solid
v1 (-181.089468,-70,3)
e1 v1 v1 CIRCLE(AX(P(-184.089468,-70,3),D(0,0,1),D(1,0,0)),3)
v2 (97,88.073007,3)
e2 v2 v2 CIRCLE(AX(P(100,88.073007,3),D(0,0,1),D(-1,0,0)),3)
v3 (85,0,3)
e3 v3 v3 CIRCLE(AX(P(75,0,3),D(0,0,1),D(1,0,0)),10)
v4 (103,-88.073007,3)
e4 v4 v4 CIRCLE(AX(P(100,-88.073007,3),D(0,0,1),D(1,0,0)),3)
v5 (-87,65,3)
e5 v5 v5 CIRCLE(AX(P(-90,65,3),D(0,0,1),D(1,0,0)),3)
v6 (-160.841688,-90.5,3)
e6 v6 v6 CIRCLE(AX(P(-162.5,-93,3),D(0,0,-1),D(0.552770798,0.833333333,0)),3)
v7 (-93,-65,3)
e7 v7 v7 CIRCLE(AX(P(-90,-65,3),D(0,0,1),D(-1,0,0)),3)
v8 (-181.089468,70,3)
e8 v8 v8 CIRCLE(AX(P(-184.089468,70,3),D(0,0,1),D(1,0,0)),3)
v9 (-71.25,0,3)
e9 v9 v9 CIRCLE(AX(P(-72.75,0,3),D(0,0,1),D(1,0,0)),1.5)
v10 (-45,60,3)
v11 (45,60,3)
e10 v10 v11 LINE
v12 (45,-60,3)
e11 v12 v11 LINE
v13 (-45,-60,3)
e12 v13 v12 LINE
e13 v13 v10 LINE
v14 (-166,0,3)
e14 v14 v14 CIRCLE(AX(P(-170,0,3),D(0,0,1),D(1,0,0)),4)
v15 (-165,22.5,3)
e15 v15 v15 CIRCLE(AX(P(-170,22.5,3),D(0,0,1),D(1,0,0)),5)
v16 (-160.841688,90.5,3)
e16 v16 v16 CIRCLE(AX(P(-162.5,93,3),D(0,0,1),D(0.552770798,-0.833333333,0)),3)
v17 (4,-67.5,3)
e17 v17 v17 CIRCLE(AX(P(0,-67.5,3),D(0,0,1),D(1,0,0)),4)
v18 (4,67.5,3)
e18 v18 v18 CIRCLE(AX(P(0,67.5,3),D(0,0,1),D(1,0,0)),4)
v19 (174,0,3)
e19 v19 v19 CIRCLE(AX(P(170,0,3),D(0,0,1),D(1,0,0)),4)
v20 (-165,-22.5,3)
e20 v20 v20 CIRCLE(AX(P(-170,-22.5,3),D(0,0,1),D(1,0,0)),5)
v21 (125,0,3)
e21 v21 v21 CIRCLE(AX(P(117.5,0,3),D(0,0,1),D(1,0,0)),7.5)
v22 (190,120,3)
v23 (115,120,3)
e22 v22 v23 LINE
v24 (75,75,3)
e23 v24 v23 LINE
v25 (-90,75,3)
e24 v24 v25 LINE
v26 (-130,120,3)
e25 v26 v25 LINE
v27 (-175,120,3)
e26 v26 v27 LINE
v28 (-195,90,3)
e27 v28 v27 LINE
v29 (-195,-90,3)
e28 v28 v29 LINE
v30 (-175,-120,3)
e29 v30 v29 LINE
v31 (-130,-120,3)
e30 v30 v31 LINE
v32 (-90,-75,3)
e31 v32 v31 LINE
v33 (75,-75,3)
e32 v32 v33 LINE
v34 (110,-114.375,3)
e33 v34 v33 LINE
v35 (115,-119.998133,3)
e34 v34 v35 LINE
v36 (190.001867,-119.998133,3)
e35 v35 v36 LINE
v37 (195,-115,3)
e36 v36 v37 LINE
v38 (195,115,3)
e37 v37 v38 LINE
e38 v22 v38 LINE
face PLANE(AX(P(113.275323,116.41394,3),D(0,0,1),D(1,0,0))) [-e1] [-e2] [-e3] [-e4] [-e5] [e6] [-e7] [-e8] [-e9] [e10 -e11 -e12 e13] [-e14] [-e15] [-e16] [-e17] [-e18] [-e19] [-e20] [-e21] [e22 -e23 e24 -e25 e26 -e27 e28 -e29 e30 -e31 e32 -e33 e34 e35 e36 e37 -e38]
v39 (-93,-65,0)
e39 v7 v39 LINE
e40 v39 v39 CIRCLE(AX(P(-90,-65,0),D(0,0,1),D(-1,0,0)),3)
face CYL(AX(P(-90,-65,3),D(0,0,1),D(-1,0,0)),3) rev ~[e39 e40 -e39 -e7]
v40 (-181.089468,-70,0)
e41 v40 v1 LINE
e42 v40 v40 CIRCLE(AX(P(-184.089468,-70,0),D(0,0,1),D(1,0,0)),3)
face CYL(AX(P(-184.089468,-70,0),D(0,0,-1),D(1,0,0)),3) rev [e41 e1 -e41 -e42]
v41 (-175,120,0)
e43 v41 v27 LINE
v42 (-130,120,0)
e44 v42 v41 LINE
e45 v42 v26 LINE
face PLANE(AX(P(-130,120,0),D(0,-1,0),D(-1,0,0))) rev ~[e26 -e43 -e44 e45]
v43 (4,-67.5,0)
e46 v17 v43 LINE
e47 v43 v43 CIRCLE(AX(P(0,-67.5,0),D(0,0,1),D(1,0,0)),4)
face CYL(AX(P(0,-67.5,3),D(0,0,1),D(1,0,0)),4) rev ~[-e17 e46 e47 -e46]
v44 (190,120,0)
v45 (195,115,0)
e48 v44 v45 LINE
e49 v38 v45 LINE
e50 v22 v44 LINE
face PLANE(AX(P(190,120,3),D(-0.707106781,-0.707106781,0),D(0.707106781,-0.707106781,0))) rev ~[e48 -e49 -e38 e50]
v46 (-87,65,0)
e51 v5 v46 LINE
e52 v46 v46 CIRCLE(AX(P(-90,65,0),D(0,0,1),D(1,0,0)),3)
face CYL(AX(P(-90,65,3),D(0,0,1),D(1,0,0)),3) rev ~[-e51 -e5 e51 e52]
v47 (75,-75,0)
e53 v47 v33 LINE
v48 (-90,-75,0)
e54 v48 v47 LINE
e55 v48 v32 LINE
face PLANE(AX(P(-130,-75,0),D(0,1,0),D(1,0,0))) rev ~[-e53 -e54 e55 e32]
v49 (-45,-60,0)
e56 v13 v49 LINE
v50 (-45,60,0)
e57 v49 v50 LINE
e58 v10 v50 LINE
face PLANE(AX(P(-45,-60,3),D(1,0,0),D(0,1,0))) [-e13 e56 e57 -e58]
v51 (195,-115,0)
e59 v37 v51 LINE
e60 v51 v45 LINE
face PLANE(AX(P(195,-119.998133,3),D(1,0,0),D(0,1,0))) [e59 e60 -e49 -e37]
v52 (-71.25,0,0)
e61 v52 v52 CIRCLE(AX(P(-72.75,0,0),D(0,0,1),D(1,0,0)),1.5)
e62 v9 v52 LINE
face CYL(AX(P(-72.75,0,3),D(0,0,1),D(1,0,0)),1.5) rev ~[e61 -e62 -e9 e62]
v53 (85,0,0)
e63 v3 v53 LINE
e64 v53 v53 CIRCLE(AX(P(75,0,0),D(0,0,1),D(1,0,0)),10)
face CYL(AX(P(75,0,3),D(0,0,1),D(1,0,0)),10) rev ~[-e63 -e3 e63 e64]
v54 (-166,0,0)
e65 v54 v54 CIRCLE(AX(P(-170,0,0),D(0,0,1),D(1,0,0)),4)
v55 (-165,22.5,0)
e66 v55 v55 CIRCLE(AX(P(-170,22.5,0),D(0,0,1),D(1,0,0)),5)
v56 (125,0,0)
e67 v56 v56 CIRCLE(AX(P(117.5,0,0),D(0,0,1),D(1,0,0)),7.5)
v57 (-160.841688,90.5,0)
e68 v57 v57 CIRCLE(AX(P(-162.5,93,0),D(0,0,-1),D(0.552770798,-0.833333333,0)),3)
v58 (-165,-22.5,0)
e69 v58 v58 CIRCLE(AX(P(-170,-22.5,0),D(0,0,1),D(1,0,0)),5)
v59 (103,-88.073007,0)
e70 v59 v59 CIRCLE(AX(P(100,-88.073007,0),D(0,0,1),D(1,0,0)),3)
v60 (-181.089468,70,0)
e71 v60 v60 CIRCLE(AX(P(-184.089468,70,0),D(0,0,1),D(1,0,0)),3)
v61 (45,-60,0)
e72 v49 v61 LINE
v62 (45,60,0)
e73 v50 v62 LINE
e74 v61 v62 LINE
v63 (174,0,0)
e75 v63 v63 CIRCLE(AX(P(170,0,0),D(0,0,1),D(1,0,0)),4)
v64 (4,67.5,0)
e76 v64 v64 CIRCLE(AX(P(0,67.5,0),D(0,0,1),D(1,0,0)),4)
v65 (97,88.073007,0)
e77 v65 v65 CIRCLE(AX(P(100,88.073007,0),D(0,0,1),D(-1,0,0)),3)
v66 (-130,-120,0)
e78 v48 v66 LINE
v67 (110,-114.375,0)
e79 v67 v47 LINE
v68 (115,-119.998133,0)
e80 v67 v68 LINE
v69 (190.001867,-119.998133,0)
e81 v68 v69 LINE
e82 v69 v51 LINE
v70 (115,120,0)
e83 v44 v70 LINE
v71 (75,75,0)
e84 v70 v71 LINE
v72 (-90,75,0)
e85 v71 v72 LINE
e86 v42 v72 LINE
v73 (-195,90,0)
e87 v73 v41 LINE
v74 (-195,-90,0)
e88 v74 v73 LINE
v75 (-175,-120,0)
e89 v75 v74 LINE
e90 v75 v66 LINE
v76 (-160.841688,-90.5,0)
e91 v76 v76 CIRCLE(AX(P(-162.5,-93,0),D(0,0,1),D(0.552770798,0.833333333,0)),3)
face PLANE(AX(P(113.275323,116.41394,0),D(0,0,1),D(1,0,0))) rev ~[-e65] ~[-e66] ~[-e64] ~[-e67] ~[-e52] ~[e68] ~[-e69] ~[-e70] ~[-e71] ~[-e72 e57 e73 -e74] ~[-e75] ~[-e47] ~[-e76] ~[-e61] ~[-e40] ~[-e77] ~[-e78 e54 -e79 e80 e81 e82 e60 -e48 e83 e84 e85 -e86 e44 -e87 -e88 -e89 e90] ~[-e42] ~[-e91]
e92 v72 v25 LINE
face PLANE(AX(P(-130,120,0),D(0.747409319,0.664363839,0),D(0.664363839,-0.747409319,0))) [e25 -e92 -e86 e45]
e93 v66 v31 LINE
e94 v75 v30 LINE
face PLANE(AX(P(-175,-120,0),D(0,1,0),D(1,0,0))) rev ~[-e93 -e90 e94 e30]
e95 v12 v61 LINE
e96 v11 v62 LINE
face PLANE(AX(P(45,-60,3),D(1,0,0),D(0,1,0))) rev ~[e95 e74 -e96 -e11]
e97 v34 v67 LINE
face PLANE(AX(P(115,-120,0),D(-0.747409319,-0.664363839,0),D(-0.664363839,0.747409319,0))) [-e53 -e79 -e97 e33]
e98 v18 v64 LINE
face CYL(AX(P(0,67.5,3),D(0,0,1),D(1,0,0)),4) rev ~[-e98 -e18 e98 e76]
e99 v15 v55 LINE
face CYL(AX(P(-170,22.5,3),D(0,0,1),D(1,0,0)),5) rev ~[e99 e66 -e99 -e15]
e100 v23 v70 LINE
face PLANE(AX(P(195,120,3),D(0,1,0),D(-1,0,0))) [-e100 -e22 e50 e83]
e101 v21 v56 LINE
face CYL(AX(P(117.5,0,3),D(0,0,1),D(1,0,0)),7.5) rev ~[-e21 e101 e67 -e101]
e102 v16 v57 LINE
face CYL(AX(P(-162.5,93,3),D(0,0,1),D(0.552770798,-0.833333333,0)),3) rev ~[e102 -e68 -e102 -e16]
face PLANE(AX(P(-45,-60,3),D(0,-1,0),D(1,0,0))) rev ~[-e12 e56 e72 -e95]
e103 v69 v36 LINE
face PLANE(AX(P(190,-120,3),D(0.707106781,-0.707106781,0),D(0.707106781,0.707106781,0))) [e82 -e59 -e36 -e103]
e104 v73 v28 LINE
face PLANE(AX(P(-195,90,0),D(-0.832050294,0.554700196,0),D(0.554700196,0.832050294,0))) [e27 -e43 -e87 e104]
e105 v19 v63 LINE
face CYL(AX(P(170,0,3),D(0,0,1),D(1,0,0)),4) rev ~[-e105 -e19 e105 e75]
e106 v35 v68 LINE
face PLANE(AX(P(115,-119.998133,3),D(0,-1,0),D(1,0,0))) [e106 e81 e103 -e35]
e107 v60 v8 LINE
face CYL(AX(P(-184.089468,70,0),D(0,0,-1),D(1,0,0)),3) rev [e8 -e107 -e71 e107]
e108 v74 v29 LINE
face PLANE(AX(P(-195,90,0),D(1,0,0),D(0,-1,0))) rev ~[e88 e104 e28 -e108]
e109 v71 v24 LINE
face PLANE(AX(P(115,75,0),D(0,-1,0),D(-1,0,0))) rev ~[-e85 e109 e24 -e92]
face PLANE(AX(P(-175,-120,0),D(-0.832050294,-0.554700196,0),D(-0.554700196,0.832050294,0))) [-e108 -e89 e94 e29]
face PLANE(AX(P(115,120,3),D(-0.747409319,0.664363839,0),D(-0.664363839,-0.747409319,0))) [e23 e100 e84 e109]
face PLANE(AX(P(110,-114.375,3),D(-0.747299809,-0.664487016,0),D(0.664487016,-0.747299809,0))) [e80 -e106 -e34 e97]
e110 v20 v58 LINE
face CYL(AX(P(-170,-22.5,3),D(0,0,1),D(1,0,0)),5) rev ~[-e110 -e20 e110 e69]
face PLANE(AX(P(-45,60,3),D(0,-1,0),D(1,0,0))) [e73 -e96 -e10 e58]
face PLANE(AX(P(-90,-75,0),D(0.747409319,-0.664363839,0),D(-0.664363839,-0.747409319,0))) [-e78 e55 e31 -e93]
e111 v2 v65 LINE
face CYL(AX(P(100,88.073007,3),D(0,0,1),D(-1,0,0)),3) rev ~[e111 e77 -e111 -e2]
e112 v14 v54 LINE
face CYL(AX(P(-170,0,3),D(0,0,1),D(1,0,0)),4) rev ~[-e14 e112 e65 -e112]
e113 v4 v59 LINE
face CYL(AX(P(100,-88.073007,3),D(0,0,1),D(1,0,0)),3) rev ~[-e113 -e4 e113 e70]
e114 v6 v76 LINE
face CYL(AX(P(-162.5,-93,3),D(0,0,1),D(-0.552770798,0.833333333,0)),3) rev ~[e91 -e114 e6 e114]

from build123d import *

# Parameters (mm, degrees)
SKETCH_1_R           = 3
SKETCH_1_W           = 90
SKETCH_1_H           = 120
SKETCH_1_R_2         = 10
SKETCH_1_R_3         = 7.5
EXTRUDE_2_DEPTH      = 3
EXTRUDE_START        = -10
SKETCH_2_R           = 7.5
EXTRUDE_3_DEPTH      = 10
CUT_EXTRUDE_1_DEPTH  = 10
EXTRUDE_START_2      = -3
SKETCH_4_R           = 10
EXTRUDE_4_DEPTH      = 3
SKETCH_6_W           = 7
SKETCH_6_H           = 14.142135624
CUT_EXTRUDE_5_DEPTH  = 333.489097566
SKETCH_7_W           = 90
SKETCH_7_H           = 120
EXTRUDE_5_DEPTH      = 3
SKETCH_8_W           = 10
SKETCH_8_H           = 50
EXTRUDE_6_DEPTH      = 30
SKETCH_9_R           = 8
CUT_EXTRUDE_6_DEPTH  = 30
SKETCH_10_R          = 3
EXTRUDE_7_DEPTH      = 3
SKETCH_11_R          = 3
CUT_EXTRUDE_7_DEPTH  = 3
SKETCH_12_R          = 3
EXTRUDE_8_DEPTH      = 3
SKETCH_13_R          = 3
CUT_EXTRUDE_8_DEPTH  = 3
SKETCH_14_R          = 3
CUT_EXTRUDE_9_DEPTH  = 10
SKETCH_15_R          = 3
CUT_EXTRUDE_10_DEPTH = 231.922064775
SKETCH_16_R          = 3
EXTRUDE_10_DEPTH     = 3
SKETCH_17_R          = 3
CUT_EXTRUDE_11_DEPTH = 231.922064775
SKETCH_18_R          = 5
CUT_EXTRUDE_12_DEPTH = 10
SKETCH_19_W          = 30
SKETCH_19_H          = 50
CUT_EXTRUDE_13_DEPTH = 10
EXTRUDE_11_DEPTH     = 3
EXTRUDE_12_DEPTH     = 3
CUT_EXTRUDE_14_DEPTH = 3
SKETCH_23_W          = 90
SKETCH_23_H          = 120
CUT_EXTRUDE_15_DEPTH = 3
SKETCH_24_R          = 10
SKETCH_24_R_2        = 7.5
CUT_EXTRUDE_16_DEPTH = 3
SKETCH_25_R          = 1.5
CUT_EXTRUDE_17_DEPTH = 10
SKETCH_26_R          = 4
CUT_EXTRUDE_18_DEPTH = 10
SKETCH_27_R          = 4
CUT_EXTRUDE_19_DEPTH = 10


with BuildPart() as part:
    # 草图1 → 凸台-拉伸2 (new body)
    # profile 1 of 9: a face of its own
    with BuildSketch(Plane.XY):
        Polygon((195, -115), (195, 115), (190, 115), (190, 120), (115, 120), (115, 75), (75, 75), (-90, 75), (-130, 75), (-130, 120), (-175, 120), (-175, 90), (-195, 90), (-195, -90), (-175, -90), (-175, -120), (-130, -120), (-130, -75), (-90, -75), (75, -75), (115, -75), (115, -120), (190, -120), (190, -115), align=None)
        with Locations((-184.089468205, -70)):
            Circle(SKETCH_1_R, mode=Mode.SUBTRACT)
        with Locations((-87, -69)):
            Circle(SKETCH_1_R, mode=Mode.SUBTRACT)
        with Locations((-184.089468205, 70)):
            Circle(SKETCH_1_R, mode=Mode.SUBTRACT)
        with Locations((-87, 69)):
            Circle(SKETCH_1_R, mode=Mode.SUBTRACT)
        Rectangle(SKETCH_1_W, SKETCH_1_H, mode=Mode.SUBTRACT)
        with Locations((75, 0)):
            Circle(SKETCH_1_R_2, mode=Mode.SUBTRACT)
        with Locations((117.5, 0)):
            Circle(SKETCH_1_R_3, mode=Mode.SUBTRACT)
    # profile 2 of 9: a face of its own
    with BuildSketch(Plane.XY):
        Polygon((-130, 120), (-90, 75), (-130, 75), align=None)
    # profile 3 of 9: a face of its own
    with BuildSketch(Plane.XY):
        Polygon((-175, 120), (-175, 90), (-195, 90), align=None)
    # profile 4 of 9: a face of its own
    with BuildSketch(Plane.XY):
        Polygon((-175, -120), (-195, -90), (-175, -90), align=None)
    # profile 5 of 9: a face of its own
    with BuildSketch(Plane.XY):
        Polygon((-130, -120), (-130, -75), (-90, -75), align=None)
    # profile 6 of 9: a face of its own
    with BuildSketch(Plane.XY):
        Polygon((115, -120), (75, -75), (115, -75), align=None)
        with Locations((104.379549532, -93)):
            Circle(SKETCH_1_R, mode=Mode.SUBTRACT)
    # profile 7 of 9: a face of its own
    with BuildSketch(Plane.XY):
        Polygon((115, 120), (115, 75), (75, 75), align=None)
        with Locations((104.379549532, 93)):
            Circle(SKETCH_1_R, mode=Mode.SUBTRACT)
    # profile 8 of 9: a face of its own
    with BuildSketch(Plane.XY):
        Polygon((190, 120), (195, 115), (190, 115), align=None)
    # profile 9 of 9: a face of its own
    with BuildSketch(Plane.XY):
        Polygon((190, -115), (190, -120), (195, -115), align=None)
    extrude(amount=EXTRUDE_2_DEPTH)

    # 草图2 → 凸台-拉伸3 (add)
    with BuildSketch(Plane.XY.offset(3).offset(EXTRUDE_START)):
        with Locations((117.5, 0)):
            Circle(SKETCH_2_R)
    extrude(amount=EXTRUDE_3_DEPTH)

    # 草图3 → 切除-拉伸1 (cut)
    with BuildSketch(Plane.XY.offset(3)):
        Polygon((115, 120), (115, -120), (190, -120), (195, -115), (195, 115), (190, 120), align=None)
        Polygon((115, -120), (115, -114.375), (110, -114.375), align=None)
        Polygon((115, 114.376866735), (115, 120), (110.00165932, 114.376866735), align=None)
    extrude(amount=-CUT_EXTRUDE_1_DEPTH, mode=Mode.SUBTRACT)

    # 草图4 → 凸台-拉伸4 (add)
    with BuildSketch(Plane.XY.offset(3).offset(EXTRUDE_START_2)):
        with Locations((75, 0)):
            Circle(SKETCH_4_R)
    extrude(amount=EXTRUDE_4_DEPTH)

    # 草图6 → 切除-拉伸5 (cut, through all)
    with BuildSketch(Plane(origin=(115, 0, 0), x_dir=(0, 0, -1), z_dir=(1, 0, 0))):
        with Locations((3.5, 0)):
            Rectangle(SKETCH_6_W, SKETCH_6_H)
    extrude(amount=-CUT_EXTRUDE_5_DEPTH, mode=Mode.SUBTRACT)

    # 草图7 → 凸台-拉伸5 (add)
    with BuildSketch(Plane.XY.offset(3)):
        Rectangle(SKETCH_7_W, SKETCH_7_H)
    extrude(amount=-EXTRUDE_5_DEPTH)

    # 草图8 → 凸台-拉伸6 (add)
    with BuildSketch(Plane.XY.offset(3)):
        with Locations((110, 0)):
            Rectangle(SKETCH_8_W, SKETCH_8_H)
    extrude(amount=EXTRUDE_6_DEPTH)

    # 草图9 → 切除-拉伸6 (cut)
    with BuildSketch(Plane(origin=(115, 0, 0), x_dir=(0, 0, -1), z_dir=(1, 0, 0))):
        with Locations((-17.93158575, 0)):
            Circle(SKETCH_9_R)
    extrude(amount=-CUT_EXTRUDE_6_DEPTH, mode=Mode.SUBTRACT)

    # 草图10 → 凸台-拉伸7 (add)
    with BuildSketch(Plane.XY.offset(3).offset(EXTRUDE_START_2)):
        with Locations((104.379549532, -93)):
            Circle(SKETCH_10_R)
        with Locations((104.379549532, 93)):
            Circle(SKETCH_10_R)
    extrude(amount=EXTRUDE_7_DEPTH)

    # 草图11 → 切除-拉伸7 (cut)
    with BuildSketch(Plane.XY.offset(3)):
        with Locations((100, -88.073006777)):
            Circle(SKETCH_11_R)
        with Locations(Location((100, 88.073006777, 0), (0, 0, 180))):
            Circle(SKETCH_11_R)
    extrude(amount=-CUT_EXTRUDE_7_DEPTH, mode=Mode.SUBTRACT)

    # 草图12 → 凸台-拉伸8 (add)
    with BuildSketch(Plane.XY.offset(3).offset(EXTRUDE_START_2)):
        with Locations((-87, 69)):
            Circle(SKETCH_12_R)
        with Locations((-87, -69)):
            Circle(SKETCH_12_R)
    extrude(amount=EXTRUDE_8_DEPTH)

    # 草图13 → 切除-拉伸8 (cut)
    with BuildSketch(Plane.XY.offset(3)):
        with Locations((-90, 65)):
            Circle(SKETCH_13_R)
        with Locations(Location((-90, -65, 0), (0, 0, 180))):
            Circle(SKETCH_13_R)
    extrude(amount=-CUT_EXTRUDE_8_DEPTH, mode=Mode.SUBTRACT)

    # 草图14 → 切除-拉伸9 (cut)
    with BuildSketch(Plane.XY.offset(3)):
        with BuildLine():
            ThreePointArc((-159.5, 88), (-160.378679656, 90.121320344), (-162.5, 91))
            Line((-162.5, 91), (-162.5, 85))
            ThreePointArc((-162.5, 85), (-160.378679656, 85.878679656), (-159.5, 88))
        make_face()
        with BuildLine():
            Line((-162.5, 85), (-162.5, 91))
            ThreePointArc((-162.5, 91), (-165.5, 88), (-162.5, 85))
        make_face()
        with Locations((-162.5, -88)):
            Circle(SKETCH_14_R)
    extrude(amount=-CUT_EXTRUDE_9_DEPTH, mode=Mode.SUBTRACT)

    # 草图15 → 切除-拉伸10 (cut, through all)
    with BuildSketch(Plane.XY.offset(3)):
        with Locations((-162.5, -93)):
            Circle(SKETCH_15_R)
        with Locations((-162.5, -88)):
            Circle(SKETCH_15_R)
        with Locations((-162.5, 93)):
            Circle(SKETCH_15_R)
        with Locations((-162.5, 88)):
            Circle(SKETCH_15_R)
    extrude(amount=-CUT_EXTRUDE_10_DEPTH, mode=Mode.SUBTRACT)

    # 草图16 → 凸台-拉伸10 (add)
    with BuildSketch(Plane.XY.offset(3)):
        with Locations((-162.5, 88)):
            Circle(SKETCH_16_R)
        with Locations((-162.5, -88)):
            Circle(SKETCH_16_R)
    extrude(amount=-EXTRUDE_10_DEPTH)

    # 草图17 → 切除-拉伸11 (cut, through all)
    with BuildSketch(Plane.XY.offset(3)):
        with Locations((-162.5, 93)):
            Circle(SKETCH_17_R)
        with Locations((-162.5, -93)):
            Circle(SKETCH_17_R)
    extrude(amount=-CUT_EXTRUDE_11_DEPTH, mode=Mode.SUBTRACT)

    # 草图18 → 切除-拉伸12 (cut)
    with BuildSketch(Plane.XY.offset(3)):
        with Locations((-170, 22.5)):
            Circle(SKETCH_18_R)
        with Locations((-170, -22.5)):
            Circle(SKETCH_18_R)
    extrude(amount=-CUT_EXTRUDE_12_DEPTH, mode=Mode.SUBTRACT)

    # 草图19 → 切除-拉伸13 (cut)
    with BuildSketch(Plane.ZY.offset(-105)):
        with Locations((18, 0)):
            Rectangle(SKETCH_19_W, SKETCH_19_H)
    extrude(amount=-CUT_EXTRUDE_13_DEPTH, mode=Mode.SUBTRACT)

    # 草图20 → 凸台-拉伸11 (add)
    with BuildSketch(Plane.XY.offset(3)):
        Polygon((195, 0.000933368), (115, 0.000933368), (115, -114.375), (115, -119.998133265), (195, -119.998133265), align=None)
        Polygon((115, 120), (115, 114.376866735), (115, 0.000933368), (195, 0.000933368), (195, 120), align=None)
    extrude(amount=-EXTRUDE_11_DEPTH)

    # 草图21 → 凸台-拉伸12 (add)
    with BuildSketch(Plane.XY.offset(3)):
        Polygon((115, 120), (110.00165932, 114.376866735), (115, 114.376866735), align=None)
        Polygon((110, -114.375), (115, -119.998133265), (115, -114.375), align=None)
    extrude(amount=-EXTRUDE_12_DEPTH)

    # 草图22 → 切除-拉伸14 (cut)
    with BuildSketch(Plane.XY.offset(3)):
        Polygon((195, 115), (195, 120), (190, 120), align=None)
        Polygon((195, -120), (190, -120), (195, -115), align=None)
    extrude(amount=-CUT_EXTRUDE_14_DEPTH, mode=Mode.SUBTRACT)

    # 草图23 → 切除-拉伸15 (cut)
    with BuildSketch(Plane.XY.offset(3)):
        Rectangle(SKETCH_23_W, SKETCH_23_H)
    extrude(amount=-CUT_EXTRUDE_15_DEPTH, mode=Mode.SUBTRACT)

    # 草图24 → 切除-拉伸16 (cut)
    with BuildSketch(Plane.XY.offset(3)):
        with Locations((75, 0)):
            Circle(SKETCH_24_R)
        with Locations((117.5, 0)):
            Circle(SKETCH_24_R_2)
    extrude(amount=-CUT_EXTRUDE_16_DEPTH, mode=Mode.SUBTRACT)

    # 草图25 → 切除-拉伸17 (cut)
    with BuildSketch(Plane.XY.offset(3)):
        with Locations((-72.75, 0)):
            Circle(SKETCH_25_R)
    extrude(amount=-CUT_EXTRUDE_17_DEPTH, mode=Mode.SUBTRACT)

    # 草图26 → 切除-拉伸18 (cut)
    with BuildSketch(Plane.XY.offset(3)):
        with Locations((-170, 0)):
            Circle(SKETCH_26_R)
    extrude(amount=-CUT_EXTRUDE_18_DEPTH, mode=Mode.SUBTRACT)

    # 草图27 → 切除-拉伸19 (cut)
    with BuildSketch(Plane.XY.offset(3)):
        with Locations((0, -67.5)):
            Circle(SKETCH_27_R)
        with Locations((0, 67.5)):
            Circle(SKETCH_27_R)
        with Locations((-170, 0)):
            Circle(SKETCH_27_R)
        with Locations((170, 0)):
            Circle(SKETCH_27_R)
    extrude(amount=-CUT_EXTRUDE_19_DEPTH, mode=Mode.SUBTRACT)


solid = part.part
